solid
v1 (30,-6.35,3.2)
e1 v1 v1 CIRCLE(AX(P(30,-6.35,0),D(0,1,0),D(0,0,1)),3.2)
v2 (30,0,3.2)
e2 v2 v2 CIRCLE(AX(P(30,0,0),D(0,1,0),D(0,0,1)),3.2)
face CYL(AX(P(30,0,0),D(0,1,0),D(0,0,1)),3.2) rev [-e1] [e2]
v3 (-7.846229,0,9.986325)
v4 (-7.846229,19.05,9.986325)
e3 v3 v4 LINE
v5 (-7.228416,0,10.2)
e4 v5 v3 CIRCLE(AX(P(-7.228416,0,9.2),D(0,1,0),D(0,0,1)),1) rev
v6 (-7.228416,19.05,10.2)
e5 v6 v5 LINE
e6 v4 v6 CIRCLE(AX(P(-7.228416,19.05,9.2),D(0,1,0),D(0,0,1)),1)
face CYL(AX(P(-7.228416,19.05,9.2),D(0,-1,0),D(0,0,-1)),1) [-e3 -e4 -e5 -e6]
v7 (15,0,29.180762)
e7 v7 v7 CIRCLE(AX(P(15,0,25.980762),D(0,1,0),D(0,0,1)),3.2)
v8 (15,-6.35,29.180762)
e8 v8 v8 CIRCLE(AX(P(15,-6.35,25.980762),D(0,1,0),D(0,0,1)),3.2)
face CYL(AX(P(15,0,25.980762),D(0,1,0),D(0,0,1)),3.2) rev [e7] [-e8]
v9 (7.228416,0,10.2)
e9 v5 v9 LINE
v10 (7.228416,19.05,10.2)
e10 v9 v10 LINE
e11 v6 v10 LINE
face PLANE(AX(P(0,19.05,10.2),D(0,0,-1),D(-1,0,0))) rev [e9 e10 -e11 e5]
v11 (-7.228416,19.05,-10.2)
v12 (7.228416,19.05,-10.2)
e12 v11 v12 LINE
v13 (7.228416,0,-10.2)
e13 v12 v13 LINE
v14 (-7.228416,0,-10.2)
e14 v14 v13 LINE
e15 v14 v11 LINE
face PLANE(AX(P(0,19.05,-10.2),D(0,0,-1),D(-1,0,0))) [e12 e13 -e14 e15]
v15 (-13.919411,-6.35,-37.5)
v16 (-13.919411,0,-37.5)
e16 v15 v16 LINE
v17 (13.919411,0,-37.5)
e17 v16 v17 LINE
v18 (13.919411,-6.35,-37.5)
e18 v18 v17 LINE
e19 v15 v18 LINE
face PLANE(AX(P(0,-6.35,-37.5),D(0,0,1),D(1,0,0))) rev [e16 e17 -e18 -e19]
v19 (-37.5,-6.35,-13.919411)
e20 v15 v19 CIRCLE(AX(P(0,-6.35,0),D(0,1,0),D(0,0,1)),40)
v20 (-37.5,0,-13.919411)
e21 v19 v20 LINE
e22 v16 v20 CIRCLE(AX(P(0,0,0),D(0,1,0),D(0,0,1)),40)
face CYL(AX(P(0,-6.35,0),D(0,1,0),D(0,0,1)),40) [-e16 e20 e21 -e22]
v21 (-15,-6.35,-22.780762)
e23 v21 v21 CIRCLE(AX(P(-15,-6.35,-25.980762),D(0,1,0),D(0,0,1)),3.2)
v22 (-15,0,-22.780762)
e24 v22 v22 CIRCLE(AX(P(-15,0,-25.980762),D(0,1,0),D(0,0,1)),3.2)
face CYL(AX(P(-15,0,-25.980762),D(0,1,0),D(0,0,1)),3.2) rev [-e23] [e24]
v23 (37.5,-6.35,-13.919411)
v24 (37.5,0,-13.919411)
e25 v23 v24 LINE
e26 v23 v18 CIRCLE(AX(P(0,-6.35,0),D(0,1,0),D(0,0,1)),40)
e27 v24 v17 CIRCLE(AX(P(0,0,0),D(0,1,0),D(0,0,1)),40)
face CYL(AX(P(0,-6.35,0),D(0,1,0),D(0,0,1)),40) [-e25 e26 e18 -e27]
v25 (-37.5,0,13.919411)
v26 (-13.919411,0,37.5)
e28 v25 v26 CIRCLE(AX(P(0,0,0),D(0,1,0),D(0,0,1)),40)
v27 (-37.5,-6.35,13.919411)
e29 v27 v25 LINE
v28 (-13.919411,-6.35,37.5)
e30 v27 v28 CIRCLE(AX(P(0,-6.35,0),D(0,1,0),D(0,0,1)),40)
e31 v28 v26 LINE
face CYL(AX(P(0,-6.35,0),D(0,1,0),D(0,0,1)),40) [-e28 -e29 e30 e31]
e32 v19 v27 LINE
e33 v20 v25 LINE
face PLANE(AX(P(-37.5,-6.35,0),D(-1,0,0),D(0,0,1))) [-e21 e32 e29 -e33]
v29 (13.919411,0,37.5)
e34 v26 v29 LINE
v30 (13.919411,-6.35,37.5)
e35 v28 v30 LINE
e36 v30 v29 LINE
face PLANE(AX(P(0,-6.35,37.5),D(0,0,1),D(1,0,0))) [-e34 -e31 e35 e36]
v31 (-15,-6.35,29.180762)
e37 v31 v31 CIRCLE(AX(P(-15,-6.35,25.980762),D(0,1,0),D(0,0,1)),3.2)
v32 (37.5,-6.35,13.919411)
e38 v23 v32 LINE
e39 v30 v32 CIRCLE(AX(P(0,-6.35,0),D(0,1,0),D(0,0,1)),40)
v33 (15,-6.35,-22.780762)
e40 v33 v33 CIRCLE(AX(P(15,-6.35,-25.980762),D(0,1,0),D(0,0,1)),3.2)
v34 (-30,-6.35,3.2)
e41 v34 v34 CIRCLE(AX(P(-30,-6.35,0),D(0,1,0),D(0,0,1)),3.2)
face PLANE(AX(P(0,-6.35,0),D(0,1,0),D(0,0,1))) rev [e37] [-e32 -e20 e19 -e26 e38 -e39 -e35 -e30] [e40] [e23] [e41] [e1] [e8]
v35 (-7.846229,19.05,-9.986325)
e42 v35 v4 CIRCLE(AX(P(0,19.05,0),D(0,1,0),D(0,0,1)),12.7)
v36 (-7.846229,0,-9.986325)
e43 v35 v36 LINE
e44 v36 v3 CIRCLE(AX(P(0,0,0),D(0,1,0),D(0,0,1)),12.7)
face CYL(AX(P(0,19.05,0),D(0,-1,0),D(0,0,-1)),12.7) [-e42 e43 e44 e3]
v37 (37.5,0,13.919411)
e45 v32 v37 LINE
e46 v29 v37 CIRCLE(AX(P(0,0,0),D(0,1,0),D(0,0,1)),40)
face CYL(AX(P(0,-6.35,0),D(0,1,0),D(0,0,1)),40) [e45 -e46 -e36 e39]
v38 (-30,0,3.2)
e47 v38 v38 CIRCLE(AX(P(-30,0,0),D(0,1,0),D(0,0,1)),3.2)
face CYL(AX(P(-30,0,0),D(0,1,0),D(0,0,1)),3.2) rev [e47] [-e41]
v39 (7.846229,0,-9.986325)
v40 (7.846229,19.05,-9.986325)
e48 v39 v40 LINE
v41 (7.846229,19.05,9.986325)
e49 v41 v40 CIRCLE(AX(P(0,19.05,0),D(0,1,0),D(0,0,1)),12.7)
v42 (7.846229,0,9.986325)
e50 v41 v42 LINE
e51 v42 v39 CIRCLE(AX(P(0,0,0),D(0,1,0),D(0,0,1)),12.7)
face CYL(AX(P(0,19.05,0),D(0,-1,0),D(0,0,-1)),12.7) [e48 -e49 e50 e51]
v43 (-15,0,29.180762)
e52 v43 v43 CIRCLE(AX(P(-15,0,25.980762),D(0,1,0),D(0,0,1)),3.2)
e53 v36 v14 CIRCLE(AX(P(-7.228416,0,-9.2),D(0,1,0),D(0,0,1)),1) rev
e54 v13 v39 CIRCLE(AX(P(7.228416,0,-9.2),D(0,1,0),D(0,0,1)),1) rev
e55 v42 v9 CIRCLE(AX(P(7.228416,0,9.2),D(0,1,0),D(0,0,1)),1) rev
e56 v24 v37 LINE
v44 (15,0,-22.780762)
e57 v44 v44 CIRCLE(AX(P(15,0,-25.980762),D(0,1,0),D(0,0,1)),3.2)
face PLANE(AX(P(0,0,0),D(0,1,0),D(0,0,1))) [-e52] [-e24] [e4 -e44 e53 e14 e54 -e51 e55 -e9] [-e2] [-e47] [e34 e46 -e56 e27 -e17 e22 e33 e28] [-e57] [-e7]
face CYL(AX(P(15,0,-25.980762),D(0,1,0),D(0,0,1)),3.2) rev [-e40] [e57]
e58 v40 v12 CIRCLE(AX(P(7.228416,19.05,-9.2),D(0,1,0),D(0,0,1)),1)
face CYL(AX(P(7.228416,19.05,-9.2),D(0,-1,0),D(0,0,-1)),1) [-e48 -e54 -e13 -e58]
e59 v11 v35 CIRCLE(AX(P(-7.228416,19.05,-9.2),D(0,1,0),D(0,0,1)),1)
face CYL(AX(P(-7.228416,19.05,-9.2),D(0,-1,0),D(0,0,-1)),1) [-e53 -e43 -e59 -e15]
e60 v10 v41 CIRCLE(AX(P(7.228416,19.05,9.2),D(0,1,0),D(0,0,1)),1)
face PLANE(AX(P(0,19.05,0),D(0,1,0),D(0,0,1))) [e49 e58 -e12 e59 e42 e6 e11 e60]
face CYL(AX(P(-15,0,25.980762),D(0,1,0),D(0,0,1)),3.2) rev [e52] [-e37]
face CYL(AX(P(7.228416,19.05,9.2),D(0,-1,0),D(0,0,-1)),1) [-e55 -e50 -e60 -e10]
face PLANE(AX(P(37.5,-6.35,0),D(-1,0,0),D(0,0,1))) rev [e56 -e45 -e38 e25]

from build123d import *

# Parameters (mm, degrees)
BOSS_EXTRUDE1_DEPTH  = 19.05
BOSS_EXTRUDE2_DEPTH  = 6.35
M6_CLEARANCE_HOLE1_D = 6.4
FILLET1_R            = 1


with BuildPart() as part:
    # Sketch1 → Boss-Extrude1 (new body)
    with BuildSketch(Plane(origin=(0, 0, 0), x_dir=(1, 0, 0), z_dir=(0, 1, 0))):
        with BuildLine():
            Line((-7.566372975, 10.2), (7.566372975, 10.2))
            ThreePointArc((7.566372975, 10.2), (12.7, 0), (7.566372975, -10.2))
            Line((7.566372975, -10.2), (-7.566372975, -10.2))
            ThreePointArc((-7.566372975, -10.2), (-12.7, 0), (-7.566372975, 10.2))
        make_face()
    extrude(amount=BOSS_EXTRUDE1_DEPTH)

    # Sketch1<4> → Boss-Extrude2 (add)
    with BuildSketch(Plane(origin=(0, 0, 0), x_dir=(1, 0, 0), z_dir=(0, 1, 0))):
        with BuildLine():
            Line((13.919410907, 37.5), (-13.919410907, 37.5))
            ThreePointArc((-13.919410907, 37.5), (-28.284271247, 28.284271247), (-37.5, 13.919410907))
            Line((-37.5, 13.919410907), (-37.5, -13.919410907))
            ThreePointArc((-37.5, -13.919410907), (-28.284271247, -28.284271247), (-13.919410907, -37.5))
            Line((-13.919410907, -37.5), (13.919410907, -37.5))
            ThreePointArc((13.919410907, -37.5), (28.284271247, -28.284271247), (37.5, -13.919410907))
            Line((37.5, -13.919410907), (37.5, 13.919410907))
            ThreePointArc((37.5, 13.919410907), (28.284271247, 28.284271247), (13.919410907, 37.5))
        make_face()
    extrude(amount=-BOSS_EXTRUDE2_DEPTH)

    # M6 Clearance Hole1 (through all)
    with Locations(Plane(origin=(-30, 0, 0), x_dir=(0, 0, 1), z_dir=(0, 1, 0))):
        with Locations((0, 0), (-25.980762114, 15), (-25.980762114, 45), (0, 60), (25.980762114, 45), (25.980762114, 15)):
            Hole(M6_CLEARANCE_HOLE1_D / 2)

    # Fillet1
    fillet1_edges = [part.edges().sort_by_distance(p)[0] for p in [
        (-7.566372975, 9.525, 10.2),
        (-7.566372975, 9.525, -10.2),
        (7.566372975, 9.525, -10.2),
        (7.566372975, 9.525, 10.2),
    ]]
    fillet(fillet1_edges, radius=FILLET1_R)


solid = part.part
